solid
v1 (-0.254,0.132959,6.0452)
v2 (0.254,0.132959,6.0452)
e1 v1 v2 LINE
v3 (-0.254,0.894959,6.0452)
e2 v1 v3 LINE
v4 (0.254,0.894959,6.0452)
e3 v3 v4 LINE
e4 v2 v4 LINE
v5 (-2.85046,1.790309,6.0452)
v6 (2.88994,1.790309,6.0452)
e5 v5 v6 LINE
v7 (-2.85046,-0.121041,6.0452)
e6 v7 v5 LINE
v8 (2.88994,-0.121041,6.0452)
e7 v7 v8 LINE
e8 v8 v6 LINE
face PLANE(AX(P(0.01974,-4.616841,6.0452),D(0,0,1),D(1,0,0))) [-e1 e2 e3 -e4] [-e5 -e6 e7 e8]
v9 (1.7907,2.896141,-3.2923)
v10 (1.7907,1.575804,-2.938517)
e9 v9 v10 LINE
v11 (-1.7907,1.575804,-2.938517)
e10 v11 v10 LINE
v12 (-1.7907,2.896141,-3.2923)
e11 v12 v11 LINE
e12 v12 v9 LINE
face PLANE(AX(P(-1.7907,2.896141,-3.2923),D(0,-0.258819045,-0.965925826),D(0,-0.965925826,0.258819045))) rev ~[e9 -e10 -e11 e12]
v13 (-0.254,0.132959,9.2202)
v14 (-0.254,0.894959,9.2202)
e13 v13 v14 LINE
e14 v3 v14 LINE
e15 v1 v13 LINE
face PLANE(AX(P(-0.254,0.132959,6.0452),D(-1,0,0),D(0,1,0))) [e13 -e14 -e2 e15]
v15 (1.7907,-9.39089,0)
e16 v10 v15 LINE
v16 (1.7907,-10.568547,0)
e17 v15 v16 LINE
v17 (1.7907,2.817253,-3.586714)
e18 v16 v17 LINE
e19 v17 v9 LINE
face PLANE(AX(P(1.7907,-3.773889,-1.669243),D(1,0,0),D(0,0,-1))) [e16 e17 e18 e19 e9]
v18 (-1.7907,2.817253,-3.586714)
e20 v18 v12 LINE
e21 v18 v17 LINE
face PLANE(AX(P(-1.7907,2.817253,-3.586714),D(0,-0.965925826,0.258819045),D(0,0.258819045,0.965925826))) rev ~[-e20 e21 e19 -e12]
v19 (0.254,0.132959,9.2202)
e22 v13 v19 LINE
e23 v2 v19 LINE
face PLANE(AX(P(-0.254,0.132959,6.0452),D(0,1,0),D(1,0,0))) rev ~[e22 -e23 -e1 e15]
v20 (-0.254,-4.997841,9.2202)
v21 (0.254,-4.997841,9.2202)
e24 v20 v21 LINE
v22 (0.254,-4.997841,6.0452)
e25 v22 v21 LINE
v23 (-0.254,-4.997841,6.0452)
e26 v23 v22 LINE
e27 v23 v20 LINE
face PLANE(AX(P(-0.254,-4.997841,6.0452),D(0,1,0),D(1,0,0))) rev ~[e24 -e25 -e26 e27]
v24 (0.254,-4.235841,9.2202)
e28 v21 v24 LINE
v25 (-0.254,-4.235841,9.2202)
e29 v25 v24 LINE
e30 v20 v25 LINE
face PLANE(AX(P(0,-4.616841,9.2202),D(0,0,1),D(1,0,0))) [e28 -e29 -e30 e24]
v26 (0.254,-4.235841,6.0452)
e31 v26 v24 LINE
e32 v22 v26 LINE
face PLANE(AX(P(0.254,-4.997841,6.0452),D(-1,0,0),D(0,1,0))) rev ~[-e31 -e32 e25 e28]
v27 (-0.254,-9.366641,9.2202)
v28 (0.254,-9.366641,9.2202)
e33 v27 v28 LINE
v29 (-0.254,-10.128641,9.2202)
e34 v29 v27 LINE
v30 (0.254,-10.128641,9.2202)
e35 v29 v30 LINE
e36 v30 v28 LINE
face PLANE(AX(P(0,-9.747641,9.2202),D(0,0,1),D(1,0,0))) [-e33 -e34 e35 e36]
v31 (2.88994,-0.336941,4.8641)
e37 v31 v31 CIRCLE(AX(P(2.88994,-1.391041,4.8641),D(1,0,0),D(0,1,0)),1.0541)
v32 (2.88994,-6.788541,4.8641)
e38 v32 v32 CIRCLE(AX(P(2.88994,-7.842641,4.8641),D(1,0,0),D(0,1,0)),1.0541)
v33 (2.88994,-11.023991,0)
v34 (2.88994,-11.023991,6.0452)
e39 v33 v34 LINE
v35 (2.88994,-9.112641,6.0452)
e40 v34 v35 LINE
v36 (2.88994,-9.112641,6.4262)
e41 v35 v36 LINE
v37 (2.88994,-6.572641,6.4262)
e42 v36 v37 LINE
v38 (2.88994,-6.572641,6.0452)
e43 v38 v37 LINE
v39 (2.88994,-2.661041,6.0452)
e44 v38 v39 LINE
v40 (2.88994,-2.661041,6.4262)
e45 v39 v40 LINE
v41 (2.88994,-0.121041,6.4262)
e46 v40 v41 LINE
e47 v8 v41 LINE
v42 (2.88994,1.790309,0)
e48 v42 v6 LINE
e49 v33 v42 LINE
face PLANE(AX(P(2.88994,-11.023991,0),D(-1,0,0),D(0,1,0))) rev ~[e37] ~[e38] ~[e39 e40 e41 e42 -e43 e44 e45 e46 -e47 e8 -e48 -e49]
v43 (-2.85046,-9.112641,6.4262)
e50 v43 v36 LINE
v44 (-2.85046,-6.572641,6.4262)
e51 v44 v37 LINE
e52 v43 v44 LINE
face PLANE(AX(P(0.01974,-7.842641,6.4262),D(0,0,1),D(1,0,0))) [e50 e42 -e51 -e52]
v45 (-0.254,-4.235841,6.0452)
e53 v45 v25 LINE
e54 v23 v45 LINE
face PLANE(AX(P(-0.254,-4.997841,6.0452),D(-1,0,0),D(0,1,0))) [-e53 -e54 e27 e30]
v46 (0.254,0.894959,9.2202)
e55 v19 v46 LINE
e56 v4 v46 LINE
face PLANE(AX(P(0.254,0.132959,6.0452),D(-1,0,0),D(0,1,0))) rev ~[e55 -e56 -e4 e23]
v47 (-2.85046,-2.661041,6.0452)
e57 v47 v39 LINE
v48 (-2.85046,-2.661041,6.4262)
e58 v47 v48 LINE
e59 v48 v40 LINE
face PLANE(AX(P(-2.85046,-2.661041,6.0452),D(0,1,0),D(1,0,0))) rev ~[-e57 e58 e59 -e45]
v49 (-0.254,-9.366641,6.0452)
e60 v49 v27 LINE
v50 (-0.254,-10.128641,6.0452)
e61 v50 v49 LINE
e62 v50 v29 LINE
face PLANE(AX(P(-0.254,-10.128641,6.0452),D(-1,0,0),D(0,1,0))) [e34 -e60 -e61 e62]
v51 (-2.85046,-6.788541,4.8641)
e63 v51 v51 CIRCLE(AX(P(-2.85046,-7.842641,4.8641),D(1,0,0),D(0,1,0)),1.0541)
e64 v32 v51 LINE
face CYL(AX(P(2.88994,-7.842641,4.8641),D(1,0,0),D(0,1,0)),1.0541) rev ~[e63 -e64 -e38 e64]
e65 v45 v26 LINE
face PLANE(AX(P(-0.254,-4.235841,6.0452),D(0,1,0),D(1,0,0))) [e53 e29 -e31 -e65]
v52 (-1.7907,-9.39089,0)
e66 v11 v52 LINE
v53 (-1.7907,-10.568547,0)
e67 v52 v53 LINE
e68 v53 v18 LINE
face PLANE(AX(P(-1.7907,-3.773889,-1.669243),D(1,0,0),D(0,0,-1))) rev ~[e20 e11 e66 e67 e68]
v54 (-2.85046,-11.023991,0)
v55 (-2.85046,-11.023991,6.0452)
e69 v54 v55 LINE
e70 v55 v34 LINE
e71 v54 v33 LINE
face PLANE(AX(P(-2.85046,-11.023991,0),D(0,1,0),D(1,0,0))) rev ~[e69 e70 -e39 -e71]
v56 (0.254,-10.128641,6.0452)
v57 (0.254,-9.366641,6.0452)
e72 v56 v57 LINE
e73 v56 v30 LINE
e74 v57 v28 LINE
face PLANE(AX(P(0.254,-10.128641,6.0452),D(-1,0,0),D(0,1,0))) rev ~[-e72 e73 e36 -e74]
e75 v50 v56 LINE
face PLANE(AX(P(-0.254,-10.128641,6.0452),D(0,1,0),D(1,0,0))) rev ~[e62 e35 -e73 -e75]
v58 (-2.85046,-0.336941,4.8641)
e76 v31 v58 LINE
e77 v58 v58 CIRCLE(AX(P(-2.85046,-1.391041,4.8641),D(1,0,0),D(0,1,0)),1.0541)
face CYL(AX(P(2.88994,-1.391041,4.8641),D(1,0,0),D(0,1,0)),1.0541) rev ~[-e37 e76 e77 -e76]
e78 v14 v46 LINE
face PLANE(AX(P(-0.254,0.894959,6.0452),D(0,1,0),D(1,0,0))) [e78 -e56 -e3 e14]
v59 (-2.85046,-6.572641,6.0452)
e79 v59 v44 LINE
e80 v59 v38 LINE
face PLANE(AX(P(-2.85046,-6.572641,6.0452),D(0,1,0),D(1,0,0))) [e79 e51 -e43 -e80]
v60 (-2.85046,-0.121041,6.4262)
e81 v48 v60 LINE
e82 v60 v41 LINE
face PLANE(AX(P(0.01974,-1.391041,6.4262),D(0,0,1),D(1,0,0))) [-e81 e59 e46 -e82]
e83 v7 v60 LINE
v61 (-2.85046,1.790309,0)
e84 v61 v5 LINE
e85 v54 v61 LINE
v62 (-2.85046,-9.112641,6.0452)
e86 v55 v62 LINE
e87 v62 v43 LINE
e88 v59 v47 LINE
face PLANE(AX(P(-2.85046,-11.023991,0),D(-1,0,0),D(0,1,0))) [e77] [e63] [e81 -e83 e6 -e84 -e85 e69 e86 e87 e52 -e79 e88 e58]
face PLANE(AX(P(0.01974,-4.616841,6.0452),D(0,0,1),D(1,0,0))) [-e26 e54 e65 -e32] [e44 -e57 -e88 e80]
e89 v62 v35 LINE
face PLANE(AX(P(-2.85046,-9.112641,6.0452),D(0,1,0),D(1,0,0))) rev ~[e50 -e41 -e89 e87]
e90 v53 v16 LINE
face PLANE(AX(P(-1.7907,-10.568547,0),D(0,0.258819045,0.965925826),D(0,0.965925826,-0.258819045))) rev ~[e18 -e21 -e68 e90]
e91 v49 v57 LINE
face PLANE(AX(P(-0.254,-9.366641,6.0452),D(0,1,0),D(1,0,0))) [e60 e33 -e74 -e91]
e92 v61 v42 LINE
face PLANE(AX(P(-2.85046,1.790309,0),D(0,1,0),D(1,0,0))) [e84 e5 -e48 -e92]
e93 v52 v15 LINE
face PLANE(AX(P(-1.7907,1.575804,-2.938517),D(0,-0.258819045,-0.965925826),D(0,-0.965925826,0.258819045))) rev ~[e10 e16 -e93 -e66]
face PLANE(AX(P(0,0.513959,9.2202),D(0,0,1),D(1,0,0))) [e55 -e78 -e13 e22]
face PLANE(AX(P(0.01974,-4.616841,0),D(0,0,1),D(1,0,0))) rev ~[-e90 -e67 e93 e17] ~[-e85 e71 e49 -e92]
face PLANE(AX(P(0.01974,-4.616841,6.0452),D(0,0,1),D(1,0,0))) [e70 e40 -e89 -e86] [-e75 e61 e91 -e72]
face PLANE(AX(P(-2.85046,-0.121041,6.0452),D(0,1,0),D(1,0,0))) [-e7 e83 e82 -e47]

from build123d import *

# Parameters (mm, degrees)
SKETCH2_W           = 5.7404
SKETCH2_H           = 12.8143
OG_BOX_DEPTH        = 6.0452
SKETCH4_W           = 0.508
SKETCH4_H           = 0.762
PINS_DEPTH          = 3.175
CLICKER_DEPTH       = 3.5814
SKETCH8_W           = 5.7404
SKETCH8_H           = 2.54
BOSS_EXTRUDE3_DEPTH = 0.381
SKETCH9_R           = 1.0541
CUT_EXTRUDE1_DEPTH  = 8.89


with BuildPart() as part:
    # Sketch2 → OG box (new body)
    with BuildSketch(Plane.XY):
        with Locations((0.019740217, -4.616841123)):
            Rectangle(SKETCH2_W, SKETCH2_H)
    extrude(amount=OG_BOX_DEPTH)

    # Sketch4 → Pins (add)
    with BuildSketch(Plane.XY.offset(6.0452)):
        with Locations((0, -4.616841123)):
            Rectangle(SKETCH4_W, SKETCH4_H)
        with Locations((0, 0.513958877)):
            Rectangle(SKETCH4_W, SKETCH4_H)
        with Locations((0, -9.747641123)):
            Rectangle(SKETCH4_W, SKETCH4_H)
    extrude(amount=PINS_DEPTH)

    # Sketch6 → Clicker (add)
    with BuildSketch(Plane.ZY.offset(1.7907)):
        Polygon((0, -10.56854726), (-3.5867143, 2.81725274), (-3.292300108, 2.896140785), (-2.938516926, 1.575803975), (0, -9.390890493), align=None)
    extrude(amount=-CLICKER_DEPTH)

    # Sketch8 → Boss-Extrude3 (add)
    with BuildSketch(Plane.XY.offset(6.0452)):
        with Locations((0.019740217, -1.391041123)):
            Rectangle(SKETCH8_W, SKETCH8_H)
        with Locations((0.019740217, -7.842641123)):
            Rectangle(SKETCH8_W, SKETCH8_H)
    extrude(amount=BOSS_EXTRUDE3_DEPTH)

    # Sketch9 → Cut-Extrude1 (cut)
    with BuildSketch(Plane(origin=(2.889940217, 0, 0), x_dir=(0, 0, -1), z_dir=(1, 0, 0))):
        with Locations(Location((-4.8641, -1.391041123, 0), (0, 0, 90))):
            Circle(SKETCH9_R)
        with Locations(Location((-4.8641, -7.842641123, 0), (0, 0, 90))):
            Circle(SKETCH9_R)
    extrude(amount=-CUT_EXTRUDE1_DEPTH, mode=Mode.SUBTRACT)


solid = part.part
